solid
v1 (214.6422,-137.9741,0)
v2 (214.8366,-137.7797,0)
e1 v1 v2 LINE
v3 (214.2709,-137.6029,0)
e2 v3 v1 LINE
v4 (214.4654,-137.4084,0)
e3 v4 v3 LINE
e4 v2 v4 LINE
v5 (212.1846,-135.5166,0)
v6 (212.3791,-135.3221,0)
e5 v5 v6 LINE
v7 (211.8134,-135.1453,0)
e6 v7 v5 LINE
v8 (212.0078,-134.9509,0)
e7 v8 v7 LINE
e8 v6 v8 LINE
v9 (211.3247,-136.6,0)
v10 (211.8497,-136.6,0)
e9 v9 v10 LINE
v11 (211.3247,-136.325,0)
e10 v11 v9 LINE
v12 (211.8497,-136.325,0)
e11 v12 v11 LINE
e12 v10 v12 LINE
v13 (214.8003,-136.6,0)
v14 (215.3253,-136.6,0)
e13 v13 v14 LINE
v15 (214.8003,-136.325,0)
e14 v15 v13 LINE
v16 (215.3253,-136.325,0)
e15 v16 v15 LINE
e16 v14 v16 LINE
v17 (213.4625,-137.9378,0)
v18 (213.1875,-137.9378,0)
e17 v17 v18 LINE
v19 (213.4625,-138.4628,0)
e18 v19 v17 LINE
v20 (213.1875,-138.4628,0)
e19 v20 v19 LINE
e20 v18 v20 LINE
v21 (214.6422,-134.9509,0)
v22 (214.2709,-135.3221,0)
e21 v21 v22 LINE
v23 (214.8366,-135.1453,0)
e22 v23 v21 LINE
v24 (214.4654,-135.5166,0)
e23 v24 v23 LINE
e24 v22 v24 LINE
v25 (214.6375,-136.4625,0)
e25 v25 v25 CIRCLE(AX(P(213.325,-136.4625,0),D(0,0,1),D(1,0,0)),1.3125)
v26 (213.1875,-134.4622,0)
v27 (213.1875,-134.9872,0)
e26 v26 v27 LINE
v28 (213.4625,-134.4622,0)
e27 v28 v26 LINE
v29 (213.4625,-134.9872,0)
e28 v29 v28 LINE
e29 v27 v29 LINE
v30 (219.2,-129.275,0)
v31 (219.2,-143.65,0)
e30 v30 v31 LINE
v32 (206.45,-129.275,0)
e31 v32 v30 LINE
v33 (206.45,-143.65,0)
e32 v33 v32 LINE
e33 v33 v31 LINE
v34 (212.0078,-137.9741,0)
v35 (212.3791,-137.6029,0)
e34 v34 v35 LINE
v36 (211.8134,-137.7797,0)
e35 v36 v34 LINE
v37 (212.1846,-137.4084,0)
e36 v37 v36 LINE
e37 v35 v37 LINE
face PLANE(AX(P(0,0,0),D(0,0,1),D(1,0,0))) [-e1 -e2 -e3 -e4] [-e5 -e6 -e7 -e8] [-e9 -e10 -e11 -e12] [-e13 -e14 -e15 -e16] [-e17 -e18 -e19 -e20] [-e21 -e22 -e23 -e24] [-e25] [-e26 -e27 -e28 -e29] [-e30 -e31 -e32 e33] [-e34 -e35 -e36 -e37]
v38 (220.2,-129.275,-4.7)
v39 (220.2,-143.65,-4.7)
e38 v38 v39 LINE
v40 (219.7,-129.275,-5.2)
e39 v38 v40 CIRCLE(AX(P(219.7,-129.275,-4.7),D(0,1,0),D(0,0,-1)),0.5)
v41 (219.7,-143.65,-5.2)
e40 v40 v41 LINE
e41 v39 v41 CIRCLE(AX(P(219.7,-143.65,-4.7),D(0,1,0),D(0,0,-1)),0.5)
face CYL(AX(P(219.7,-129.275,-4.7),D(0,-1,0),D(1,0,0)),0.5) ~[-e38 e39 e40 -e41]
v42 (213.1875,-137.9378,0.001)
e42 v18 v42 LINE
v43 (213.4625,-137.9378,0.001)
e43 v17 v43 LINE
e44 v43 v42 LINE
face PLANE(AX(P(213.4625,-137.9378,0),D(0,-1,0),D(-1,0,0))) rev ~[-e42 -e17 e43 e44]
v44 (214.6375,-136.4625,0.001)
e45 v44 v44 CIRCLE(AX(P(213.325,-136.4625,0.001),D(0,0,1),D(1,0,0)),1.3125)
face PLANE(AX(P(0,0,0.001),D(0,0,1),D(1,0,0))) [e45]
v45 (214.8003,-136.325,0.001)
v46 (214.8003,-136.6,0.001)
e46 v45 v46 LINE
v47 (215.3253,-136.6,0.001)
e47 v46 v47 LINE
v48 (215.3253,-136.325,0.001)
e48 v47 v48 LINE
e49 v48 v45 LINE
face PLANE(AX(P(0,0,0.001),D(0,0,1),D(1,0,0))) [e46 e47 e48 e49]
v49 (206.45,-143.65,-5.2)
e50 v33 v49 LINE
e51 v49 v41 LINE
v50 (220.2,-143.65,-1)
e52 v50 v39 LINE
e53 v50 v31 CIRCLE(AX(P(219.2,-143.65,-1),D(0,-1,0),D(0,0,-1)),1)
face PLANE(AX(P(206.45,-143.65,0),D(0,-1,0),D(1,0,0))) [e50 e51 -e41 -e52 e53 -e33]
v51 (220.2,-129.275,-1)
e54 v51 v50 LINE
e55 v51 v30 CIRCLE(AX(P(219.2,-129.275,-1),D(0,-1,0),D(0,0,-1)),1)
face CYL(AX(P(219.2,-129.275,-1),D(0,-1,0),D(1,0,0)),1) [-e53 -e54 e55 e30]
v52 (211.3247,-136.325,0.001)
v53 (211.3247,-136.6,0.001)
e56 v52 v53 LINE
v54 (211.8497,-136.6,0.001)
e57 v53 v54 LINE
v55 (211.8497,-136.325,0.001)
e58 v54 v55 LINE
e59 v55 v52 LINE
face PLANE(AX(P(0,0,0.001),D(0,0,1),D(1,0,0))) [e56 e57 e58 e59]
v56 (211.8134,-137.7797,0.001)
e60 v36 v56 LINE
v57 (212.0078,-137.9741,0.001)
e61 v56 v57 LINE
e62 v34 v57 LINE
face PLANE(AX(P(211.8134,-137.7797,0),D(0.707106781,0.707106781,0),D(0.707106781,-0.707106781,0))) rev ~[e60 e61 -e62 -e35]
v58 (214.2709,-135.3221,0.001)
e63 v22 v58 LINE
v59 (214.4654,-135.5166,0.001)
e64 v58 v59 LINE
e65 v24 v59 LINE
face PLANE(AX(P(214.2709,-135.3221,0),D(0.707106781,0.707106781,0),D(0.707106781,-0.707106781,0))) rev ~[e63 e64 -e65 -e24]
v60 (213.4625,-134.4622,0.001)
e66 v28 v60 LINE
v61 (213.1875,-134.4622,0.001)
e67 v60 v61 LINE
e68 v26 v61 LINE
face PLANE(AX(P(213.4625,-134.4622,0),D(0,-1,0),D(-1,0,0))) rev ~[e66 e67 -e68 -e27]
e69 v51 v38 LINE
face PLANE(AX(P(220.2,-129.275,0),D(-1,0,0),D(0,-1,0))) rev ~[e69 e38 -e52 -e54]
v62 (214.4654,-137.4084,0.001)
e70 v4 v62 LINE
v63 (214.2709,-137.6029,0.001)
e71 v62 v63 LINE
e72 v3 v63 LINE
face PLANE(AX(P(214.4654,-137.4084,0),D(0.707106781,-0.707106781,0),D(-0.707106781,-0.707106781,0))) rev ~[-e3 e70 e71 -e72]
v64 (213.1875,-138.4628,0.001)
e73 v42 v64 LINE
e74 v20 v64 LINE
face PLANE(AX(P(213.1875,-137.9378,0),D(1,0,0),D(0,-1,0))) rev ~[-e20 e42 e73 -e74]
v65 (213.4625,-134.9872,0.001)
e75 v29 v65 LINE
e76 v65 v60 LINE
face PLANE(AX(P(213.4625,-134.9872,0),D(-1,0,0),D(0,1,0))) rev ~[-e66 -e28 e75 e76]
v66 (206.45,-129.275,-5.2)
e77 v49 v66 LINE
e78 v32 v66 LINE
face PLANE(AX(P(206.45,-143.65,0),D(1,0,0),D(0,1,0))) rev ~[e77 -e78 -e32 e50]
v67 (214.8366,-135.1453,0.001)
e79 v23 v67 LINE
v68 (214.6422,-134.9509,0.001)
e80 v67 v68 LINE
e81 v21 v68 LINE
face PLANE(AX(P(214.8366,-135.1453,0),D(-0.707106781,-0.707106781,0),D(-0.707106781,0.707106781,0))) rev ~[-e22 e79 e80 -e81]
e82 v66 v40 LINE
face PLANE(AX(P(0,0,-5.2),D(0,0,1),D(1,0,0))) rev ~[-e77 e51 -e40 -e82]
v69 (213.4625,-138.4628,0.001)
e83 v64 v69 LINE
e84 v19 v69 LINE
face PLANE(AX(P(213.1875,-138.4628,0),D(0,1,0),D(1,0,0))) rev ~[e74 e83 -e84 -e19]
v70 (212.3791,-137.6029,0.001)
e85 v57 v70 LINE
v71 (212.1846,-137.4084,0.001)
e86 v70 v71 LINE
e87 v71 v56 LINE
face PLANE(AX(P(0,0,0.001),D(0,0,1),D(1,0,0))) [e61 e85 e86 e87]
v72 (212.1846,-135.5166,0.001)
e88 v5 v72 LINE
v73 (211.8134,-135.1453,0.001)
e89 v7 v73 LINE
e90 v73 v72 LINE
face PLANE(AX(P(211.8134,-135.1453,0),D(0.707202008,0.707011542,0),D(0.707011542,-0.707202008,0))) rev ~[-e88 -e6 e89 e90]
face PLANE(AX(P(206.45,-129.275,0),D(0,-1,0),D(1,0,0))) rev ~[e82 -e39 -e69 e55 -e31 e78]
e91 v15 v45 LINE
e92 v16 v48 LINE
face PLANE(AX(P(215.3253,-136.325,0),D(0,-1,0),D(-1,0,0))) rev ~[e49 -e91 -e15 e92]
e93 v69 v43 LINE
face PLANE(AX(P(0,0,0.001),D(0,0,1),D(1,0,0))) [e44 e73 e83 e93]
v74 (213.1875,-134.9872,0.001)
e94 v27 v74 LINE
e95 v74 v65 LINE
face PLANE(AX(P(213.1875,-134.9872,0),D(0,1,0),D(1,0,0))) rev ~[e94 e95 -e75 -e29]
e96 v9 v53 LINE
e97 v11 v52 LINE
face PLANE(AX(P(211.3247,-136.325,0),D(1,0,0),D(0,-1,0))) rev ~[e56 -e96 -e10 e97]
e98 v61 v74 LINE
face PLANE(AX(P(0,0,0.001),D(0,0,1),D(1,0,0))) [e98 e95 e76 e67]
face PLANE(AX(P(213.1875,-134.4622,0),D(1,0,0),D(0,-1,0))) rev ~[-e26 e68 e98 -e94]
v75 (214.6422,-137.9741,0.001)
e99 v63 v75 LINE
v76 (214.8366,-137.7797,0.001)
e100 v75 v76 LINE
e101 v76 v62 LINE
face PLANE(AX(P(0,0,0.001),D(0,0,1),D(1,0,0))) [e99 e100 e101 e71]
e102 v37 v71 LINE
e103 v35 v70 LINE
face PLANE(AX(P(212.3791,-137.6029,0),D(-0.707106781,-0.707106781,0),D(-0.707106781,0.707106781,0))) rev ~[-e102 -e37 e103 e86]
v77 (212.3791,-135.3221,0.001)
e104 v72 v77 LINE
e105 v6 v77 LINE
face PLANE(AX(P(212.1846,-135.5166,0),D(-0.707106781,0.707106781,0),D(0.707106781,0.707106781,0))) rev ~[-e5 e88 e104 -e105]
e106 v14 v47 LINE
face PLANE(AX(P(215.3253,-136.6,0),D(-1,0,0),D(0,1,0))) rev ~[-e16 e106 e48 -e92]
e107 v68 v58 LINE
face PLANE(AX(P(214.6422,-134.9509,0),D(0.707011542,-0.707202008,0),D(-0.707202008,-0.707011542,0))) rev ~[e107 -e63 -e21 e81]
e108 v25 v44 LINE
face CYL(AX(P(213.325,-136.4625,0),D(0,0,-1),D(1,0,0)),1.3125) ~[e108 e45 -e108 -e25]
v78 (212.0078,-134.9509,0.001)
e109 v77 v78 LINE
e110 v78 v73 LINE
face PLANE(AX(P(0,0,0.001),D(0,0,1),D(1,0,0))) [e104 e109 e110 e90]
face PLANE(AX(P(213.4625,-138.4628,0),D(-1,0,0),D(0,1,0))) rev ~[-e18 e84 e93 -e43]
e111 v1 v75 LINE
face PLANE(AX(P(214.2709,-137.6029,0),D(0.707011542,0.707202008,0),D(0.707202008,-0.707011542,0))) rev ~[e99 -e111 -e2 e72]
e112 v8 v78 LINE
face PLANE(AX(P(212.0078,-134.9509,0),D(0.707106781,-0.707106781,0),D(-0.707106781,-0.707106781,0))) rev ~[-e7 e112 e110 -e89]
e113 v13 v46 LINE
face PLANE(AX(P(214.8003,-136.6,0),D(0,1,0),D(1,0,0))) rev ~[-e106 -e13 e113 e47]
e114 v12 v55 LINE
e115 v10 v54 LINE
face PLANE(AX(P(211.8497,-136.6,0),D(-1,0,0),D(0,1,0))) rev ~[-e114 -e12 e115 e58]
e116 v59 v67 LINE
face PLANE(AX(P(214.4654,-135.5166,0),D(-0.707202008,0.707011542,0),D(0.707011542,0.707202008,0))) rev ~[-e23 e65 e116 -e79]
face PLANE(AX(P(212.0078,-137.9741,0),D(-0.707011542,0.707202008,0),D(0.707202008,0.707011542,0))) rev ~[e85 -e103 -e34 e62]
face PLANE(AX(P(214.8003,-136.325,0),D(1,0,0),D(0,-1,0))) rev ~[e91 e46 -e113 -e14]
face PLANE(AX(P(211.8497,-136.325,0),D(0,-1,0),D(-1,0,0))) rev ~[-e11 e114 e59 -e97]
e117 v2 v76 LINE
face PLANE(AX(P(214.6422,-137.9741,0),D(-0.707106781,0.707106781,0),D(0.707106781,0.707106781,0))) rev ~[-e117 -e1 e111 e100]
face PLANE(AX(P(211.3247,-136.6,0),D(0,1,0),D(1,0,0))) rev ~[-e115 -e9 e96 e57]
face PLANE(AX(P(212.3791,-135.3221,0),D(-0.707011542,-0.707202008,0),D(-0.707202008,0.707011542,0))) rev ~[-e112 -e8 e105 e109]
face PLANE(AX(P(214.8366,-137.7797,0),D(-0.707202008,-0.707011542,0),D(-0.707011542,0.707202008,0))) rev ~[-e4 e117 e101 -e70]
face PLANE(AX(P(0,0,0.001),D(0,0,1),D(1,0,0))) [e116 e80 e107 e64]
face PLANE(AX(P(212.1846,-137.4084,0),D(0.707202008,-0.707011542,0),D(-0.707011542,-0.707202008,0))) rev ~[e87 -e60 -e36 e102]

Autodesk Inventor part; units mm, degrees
ref_plane "YZ Plane" through (0, 0, 0) normal (1, 0, 0) x (0, 1, 0)
ref_plane "XZ Plane" through (0, 0, 0) normal (0, 1, 0) x (-1, 0, 0)
ref_plane "XY Plane" through (0, 0, 0) normal (0, 0, 1) x (1, 0, 0)
sketch "Szkic1" plane through (0, 0, 0) normal (0, 0, 1) x (1, 0, 0)
  line L0 (206.45, -143.65) -> (206.45, -129.275)
  line L1 (206.45, -129.275) -> (220.2, -129.275)
  line L2 (206.45, -143.65) -> (220.2, -143.65)
  line L3 (220.2, -129.275) -> (220.2, -143.65)
extrude "Wyciągnięcie proste1" add sketch "Szkic1" against normal blind 5.2
fillet "Zaokrąglenie1" radius 0.5 1 edges at (220.2, -136.4625, -5.2)
sketch "Szkic6" plane through (0, 0, 0) normal (0, 0, 1) x (1, 0, 0)
  arc A0 (213.325, -135.3377) -> (213.325, -137.5873) centre (213.325, -136.4625) ccw
  circle A1 centre (213.325, -136.4625) radius 1.3125
  line L0 (213.4625, -134.4622) -> (213.1875, -134.4622)
  line L1 (213.1875, -134.4622) -> (213.1875, -134.9872)
  line L2 (213.1875, -134.9872) -> (213.4625, -134.9872)
  line L3 (213.4625, -134.9872) -> (213.4625, -134.4622)
  line L4 (210.4962, -136.4625) -> (213.325, -133.6337) construction
  line L5 (212.0078, -134.9509) -> (211.8134, -135.1453)
  line L6 (211.8134, -135.1453) -> (212.1846, -135.5166)
  line L7 (212.1846, -135.5166) -> (212.3791, -135.3221)
  line L8 (212.3791, -135.3221) -> (212.0078, -134.9509)
  line L9 (211.3247, -138.4628) -> (211.3247, -134.4622) construction
  line L10 (211.3247, -136.325) -> (211.3247, -136.6)
  line L11 (211.3247, -136.6) -> (211.8497, -136.6)
  line L12 (211.8497, -136.6) -> (211.8497, -136.325)
  line L13 (211.8497, -136.325) -> (211.3247, -136.325)
  line L14 (213.325, -139.2913) -> (210.4962, -136.4625) construction
  line L15 (211.8134, -137.7797) -> (212.0078, -137.9741)
  line L16 (212.0078, -137.9741) -> (212.3791, -137.6029)
  line L17 (212.3791, -137.6029) -> (212.1846, -137.4084)
  line L18 (212.1846, -137.4084) -> (211.8134, -137.7797)
  line L19 (215.3253, -138.4628) -> (211.3247, -138.4628) construction
  line L20 (213.1875, -138.4628) -> (213.4625, -138.4628)
  line L21 (213.4625, -138.4628) -> (213.4625, -137.9378)
  line L22 (213.4625, -137.9378) -> (213.1875, -137.9378)
  line L23 (213.1875, -137.9378) -> (213.1875, -138.4628)
  line L24 (216.1538, -136.4625) -> (213.325, -139.2913) construction
  line L25 (214.6422, -137.9741) -> (214.8366, -137.7797)
  line L26 (214.8366, -137.7797) -> (214.4654, -137.4084)
  line L27 (214.4654, -137.4084) -> (214.2709, -137.6029)
  line L28 (214.2709, -137.6029) -> (214.6422, -137.9741)
  line L29 (215.3253, -134.4622) -> (215.3253, -138.4628) construction
  line L30 (215.3253, -136.6) -> (215.3253, -136.325)
  line L31 (215.3253, -136.325) -> (214.8003, -136.325)
  line L32 (214.8003, -136.325) -> (214.8003, -136.6)
  line L33 (214.8003, -136.6) -> (215.3253, -136.6)
  line L34 (213.325, -133.6337) -> (216.1538, -136.4625) construction
  line L35 (214.8366, -135.1453) -> (214.6422, -134.9509)
  line L36 (214.6422, -134.9509) -> (214.2709, -135.3221)
  line L37 (214.2709, -135.3221) -> (214.4654, -135.5166)
  line L38 (214.4654, -135.5166) -> (214.8366, -135.1453)
  line L39 (213.325, -136.4625) -> (213.325, -135.3377)
  line L40 (213.325, -136.4625) -> (213.325, -137.5873)
  point P0 (211.3247, -134.4622)
  point P1 (213.325, -134.7247)
  point P2 (212.0962, -135.2337)
  point P3 (211.5872, -136.4625)
  point P4 (212.0962, -137.6913)
  point P5 (213.325, -138.2003)
  point P6 (214.5538, -137.6913)
  point P7 (215.0628, -136.4625)
  point P8 (214.5538, -135.2337)
  dimension "d55" = 2.625
  dimension "d57" = 0.275
  dimension "d61" = 360
fillet "Zaokrąglenie2" radius 1 1 edges at (220.2, -136.4625, 0)
extrude "Wyciągnięcie proste5" add sketch "Szkic6" along normal blind 0.001 contours L39 L40 A0 | A1 | L3 L2 L1 L0 | L8 L7 L6 L5 | L13 L12 L11 L10 | L18 L17 L16 L15 | L23 L22 L21 L20 | L28 L27 L26 L25 | L33 L32 L31 L30 | L38 L37 L36 L35
properties part number "PRZYCISK IO" material "Tworzywo sztuczne, nieprzezroczyste czarne"
